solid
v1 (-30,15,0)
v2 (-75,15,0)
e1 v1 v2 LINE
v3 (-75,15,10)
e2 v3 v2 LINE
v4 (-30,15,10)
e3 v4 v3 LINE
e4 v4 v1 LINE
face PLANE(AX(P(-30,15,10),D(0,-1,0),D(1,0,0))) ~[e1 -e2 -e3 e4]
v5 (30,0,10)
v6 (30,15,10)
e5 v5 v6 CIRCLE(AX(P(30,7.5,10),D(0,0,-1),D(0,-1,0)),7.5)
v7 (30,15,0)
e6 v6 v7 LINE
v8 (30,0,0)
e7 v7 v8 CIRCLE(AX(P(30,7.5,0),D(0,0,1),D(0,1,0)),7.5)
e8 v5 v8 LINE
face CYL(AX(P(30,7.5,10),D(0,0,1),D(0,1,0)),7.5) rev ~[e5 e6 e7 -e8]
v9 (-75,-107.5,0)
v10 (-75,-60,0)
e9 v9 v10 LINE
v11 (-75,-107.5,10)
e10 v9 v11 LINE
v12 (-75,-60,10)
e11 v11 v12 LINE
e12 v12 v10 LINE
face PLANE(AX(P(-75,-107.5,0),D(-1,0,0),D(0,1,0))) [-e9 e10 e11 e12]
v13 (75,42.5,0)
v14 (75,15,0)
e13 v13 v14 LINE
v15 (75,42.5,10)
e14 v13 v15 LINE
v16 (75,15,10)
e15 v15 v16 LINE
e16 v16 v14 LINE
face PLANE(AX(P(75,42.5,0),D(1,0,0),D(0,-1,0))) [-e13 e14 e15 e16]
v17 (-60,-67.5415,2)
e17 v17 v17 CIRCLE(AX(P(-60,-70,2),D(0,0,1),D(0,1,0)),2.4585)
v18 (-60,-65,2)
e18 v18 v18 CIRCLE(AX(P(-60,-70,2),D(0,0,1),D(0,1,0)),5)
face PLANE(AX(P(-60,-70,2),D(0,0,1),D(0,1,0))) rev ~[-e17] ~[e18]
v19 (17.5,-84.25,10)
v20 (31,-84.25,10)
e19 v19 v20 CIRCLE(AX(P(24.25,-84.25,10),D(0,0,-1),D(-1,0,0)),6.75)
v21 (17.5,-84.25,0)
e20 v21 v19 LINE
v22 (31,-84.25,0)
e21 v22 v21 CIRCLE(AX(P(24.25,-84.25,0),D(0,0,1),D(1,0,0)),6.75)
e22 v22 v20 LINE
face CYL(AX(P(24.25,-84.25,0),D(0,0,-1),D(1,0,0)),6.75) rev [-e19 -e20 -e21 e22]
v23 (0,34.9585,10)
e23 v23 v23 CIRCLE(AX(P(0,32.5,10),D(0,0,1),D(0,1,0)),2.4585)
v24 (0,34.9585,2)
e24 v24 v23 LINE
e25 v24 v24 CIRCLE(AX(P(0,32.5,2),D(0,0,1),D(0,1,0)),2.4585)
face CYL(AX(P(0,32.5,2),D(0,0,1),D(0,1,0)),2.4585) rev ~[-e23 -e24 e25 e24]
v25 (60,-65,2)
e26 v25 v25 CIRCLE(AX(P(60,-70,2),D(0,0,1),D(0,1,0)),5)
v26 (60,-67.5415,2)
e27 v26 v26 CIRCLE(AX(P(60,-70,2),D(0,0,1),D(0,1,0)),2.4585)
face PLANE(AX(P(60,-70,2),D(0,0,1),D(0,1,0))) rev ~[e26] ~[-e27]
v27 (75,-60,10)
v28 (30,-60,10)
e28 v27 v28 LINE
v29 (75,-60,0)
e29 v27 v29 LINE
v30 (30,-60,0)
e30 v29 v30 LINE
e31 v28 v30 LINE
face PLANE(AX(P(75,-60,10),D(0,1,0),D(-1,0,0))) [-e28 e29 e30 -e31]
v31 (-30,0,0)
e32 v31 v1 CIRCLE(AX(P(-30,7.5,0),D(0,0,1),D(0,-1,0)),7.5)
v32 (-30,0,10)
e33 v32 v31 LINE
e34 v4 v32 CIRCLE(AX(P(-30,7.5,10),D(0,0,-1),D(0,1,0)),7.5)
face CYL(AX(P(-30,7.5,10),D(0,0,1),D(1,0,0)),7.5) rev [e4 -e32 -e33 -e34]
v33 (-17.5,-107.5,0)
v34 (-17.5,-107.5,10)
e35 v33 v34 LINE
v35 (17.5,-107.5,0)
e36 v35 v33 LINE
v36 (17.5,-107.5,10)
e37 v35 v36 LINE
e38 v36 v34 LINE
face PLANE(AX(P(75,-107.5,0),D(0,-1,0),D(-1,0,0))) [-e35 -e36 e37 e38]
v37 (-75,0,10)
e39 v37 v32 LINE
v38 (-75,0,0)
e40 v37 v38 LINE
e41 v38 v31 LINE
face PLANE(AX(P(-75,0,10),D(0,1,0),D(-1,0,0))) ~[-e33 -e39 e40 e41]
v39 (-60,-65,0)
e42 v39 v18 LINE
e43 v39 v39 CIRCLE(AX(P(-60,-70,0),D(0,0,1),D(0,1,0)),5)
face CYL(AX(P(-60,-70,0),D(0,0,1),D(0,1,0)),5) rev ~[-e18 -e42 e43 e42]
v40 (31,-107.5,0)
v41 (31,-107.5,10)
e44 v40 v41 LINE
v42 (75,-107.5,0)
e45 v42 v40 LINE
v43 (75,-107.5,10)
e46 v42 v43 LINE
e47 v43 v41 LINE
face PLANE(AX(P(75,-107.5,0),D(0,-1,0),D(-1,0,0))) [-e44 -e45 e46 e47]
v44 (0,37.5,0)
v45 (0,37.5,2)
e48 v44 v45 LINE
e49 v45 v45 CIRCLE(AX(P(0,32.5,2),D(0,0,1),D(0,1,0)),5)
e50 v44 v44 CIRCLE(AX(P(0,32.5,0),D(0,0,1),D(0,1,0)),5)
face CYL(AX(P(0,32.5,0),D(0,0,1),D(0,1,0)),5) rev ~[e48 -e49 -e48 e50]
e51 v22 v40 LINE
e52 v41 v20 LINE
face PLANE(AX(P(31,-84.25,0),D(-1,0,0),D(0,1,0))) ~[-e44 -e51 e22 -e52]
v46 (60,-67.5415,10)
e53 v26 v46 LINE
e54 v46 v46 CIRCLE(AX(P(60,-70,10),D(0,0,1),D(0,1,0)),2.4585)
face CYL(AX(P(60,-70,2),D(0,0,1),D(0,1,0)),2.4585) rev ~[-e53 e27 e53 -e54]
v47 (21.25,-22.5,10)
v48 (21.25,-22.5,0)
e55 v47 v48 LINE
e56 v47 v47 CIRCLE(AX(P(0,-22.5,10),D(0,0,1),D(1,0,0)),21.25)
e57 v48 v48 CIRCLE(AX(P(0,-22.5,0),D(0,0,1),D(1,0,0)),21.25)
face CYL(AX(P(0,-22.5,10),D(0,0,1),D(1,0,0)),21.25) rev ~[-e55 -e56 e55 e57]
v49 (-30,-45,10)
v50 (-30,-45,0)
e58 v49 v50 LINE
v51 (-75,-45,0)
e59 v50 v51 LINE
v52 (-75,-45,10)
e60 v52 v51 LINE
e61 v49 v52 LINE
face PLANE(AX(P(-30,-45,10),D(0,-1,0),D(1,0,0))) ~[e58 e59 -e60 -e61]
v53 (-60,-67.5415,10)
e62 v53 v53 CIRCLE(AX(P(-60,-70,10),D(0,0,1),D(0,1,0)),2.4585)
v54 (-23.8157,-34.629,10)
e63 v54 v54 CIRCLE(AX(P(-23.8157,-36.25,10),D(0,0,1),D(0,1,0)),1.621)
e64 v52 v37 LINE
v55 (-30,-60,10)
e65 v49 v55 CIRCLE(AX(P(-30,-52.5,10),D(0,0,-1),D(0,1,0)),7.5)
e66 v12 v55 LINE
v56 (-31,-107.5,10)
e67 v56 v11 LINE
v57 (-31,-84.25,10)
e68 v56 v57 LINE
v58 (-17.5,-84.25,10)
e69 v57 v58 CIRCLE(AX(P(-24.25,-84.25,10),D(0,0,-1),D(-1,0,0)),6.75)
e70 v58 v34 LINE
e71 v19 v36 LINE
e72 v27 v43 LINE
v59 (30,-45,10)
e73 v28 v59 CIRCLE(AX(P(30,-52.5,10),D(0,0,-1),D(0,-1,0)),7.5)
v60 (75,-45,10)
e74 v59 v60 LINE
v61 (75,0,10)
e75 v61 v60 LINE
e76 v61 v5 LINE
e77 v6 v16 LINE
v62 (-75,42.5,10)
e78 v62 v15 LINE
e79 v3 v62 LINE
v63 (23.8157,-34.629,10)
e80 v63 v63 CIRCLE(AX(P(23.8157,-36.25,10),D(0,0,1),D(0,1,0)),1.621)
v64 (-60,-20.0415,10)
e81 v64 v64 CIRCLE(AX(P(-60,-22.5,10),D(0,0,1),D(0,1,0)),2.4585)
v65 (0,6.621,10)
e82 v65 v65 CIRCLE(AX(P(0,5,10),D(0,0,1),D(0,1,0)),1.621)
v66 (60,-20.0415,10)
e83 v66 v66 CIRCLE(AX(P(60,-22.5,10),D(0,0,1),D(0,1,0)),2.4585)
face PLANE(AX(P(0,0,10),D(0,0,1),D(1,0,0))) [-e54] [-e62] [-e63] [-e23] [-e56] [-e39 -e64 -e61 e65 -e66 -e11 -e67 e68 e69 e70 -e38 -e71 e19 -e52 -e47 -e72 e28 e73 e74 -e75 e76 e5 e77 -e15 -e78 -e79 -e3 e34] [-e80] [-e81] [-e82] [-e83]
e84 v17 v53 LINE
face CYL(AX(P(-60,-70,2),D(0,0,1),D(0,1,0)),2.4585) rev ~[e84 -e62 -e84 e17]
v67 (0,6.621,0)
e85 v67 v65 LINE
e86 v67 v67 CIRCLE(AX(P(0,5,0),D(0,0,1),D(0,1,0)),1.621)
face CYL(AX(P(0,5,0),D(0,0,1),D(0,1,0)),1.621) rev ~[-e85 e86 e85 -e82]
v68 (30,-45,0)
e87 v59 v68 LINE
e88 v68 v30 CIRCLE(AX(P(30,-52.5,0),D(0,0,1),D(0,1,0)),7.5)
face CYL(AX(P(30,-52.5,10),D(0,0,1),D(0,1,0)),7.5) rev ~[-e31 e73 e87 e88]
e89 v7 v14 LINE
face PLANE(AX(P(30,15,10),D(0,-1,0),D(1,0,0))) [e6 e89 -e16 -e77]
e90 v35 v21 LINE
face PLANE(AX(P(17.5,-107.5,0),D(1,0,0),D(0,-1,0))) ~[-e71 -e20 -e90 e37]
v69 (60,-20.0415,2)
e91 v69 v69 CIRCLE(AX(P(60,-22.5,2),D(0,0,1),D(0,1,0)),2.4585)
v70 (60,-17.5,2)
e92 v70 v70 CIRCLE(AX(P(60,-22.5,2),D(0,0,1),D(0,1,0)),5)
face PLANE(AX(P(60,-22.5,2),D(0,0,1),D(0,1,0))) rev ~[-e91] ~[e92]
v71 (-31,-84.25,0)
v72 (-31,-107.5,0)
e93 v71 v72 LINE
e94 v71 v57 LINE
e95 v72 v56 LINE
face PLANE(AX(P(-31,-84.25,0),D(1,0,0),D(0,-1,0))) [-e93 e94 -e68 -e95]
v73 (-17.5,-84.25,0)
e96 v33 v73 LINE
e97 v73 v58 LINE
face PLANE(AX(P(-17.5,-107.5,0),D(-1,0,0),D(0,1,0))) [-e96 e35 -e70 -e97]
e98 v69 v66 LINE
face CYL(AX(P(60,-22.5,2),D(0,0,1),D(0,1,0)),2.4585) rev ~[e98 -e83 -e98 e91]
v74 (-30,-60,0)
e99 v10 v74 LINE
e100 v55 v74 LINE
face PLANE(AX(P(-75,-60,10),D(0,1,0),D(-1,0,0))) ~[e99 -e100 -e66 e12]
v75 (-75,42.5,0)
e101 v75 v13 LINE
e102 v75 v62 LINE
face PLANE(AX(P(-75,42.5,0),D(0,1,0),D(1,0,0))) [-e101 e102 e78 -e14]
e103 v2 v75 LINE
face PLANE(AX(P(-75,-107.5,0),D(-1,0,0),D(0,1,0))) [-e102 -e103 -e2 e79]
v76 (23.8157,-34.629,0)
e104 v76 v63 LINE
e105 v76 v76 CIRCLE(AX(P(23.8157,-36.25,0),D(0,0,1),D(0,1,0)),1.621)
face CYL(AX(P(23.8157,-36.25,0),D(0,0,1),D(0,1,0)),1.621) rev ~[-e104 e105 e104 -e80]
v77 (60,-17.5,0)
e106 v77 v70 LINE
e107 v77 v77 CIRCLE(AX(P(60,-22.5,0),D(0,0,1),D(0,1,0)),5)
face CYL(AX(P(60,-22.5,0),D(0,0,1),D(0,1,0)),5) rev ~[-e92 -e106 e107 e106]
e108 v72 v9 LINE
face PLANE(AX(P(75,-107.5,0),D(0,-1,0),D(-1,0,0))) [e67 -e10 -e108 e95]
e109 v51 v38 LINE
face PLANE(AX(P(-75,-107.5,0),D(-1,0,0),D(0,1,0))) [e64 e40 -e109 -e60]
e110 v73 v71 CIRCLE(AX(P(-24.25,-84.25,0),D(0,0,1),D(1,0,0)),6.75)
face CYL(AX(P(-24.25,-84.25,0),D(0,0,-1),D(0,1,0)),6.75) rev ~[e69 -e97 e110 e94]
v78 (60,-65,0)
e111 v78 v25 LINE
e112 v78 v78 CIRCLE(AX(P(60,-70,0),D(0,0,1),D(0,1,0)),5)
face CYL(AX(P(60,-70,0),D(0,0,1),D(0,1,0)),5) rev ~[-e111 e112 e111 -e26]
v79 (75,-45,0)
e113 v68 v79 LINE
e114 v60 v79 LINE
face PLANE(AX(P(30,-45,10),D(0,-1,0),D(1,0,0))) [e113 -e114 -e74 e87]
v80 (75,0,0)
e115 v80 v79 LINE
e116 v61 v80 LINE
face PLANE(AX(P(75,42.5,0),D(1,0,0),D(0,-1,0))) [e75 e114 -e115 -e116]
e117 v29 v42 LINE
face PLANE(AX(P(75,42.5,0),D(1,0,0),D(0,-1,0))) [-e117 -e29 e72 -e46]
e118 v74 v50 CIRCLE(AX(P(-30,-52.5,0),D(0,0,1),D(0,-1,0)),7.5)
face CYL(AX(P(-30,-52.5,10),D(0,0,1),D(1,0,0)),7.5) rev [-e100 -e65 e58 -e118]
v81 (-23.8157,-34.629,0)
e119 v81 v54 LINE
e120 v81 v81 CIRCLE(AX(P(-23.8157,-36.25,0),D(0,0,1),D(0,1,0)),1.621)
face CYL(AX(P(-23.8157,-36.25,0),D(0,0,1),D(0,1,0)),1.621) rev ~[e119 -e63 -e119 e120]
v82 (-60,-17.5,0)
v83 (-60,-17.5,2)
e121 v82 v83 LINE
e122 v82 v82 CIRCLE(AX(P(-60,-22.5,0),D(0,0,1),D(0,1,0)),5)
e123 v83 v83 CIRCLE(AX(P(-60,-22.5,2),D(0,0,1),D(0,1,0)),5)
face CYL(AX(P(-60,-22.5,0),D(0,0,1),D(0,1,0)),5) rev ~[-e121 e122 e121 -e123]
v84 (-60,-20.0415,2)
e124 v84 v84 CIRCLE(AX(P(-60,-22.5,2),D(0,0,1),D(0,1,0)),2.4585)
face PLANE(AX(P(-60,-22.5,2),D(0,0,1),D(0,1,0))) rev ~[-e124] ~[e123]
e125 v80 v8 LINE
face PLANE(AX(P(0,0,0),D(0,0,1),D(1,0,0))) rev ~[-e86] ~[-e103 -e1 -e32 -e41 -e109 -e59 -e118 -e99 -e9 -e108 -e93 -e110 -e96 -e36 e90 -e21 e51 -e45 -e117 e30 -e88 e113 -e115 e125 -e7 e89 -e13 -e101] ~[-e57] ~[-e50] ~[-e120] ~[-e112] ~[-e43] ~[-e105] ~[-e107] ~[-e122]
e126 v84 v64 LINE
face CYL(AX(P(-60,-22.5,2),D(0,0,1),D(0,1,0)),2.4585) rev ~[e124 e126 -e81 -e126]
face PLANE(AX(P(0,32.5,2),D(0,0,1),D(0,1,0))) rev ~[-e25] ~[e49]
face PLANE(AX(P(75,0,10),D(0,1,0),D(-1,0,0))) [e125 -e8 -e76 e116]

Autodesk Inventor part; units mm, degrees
ref_plane "YZ Plane" through (0, 0, 0) normal (1, 0, 0) x (0, 1, 0)
ref_plane "XZ Plane" through (0, 0, 0) normal (0, 1, 0) x (-1, 0, 0)
ref_plane "XY Plane" through (0, 0, 0) normal (0, 0, 1) x (1, 0, 0)
sketch "Sketch1" plane through (0, 0, 0) normal (0, 0, 1) x (1, 0, 0)
  line L0 (-75, 42.5) -> (75, 42.5)
  line L1 (75, 42.5) -> (75, -107.5)
  line L2 (75, -107.5) -> (-75, -107.5)
  line L3 (-75, -107.5) -> (-75, 42.5)
  point P0 (0, 0)
  dimension "d0" = 150
  dimension "d1" = 75
  dimension "d2" = 150
  dimension "d85" = 42.5
extrude "baseExtrusion" add sketch "Sketch1" along normal blind 10
sketch "Sketch3" plane through (0, 0, 10) normal (0, 0, 1) x (1, 0, 0)
  circle A0 centre (0, -22.5) radius 21.25
  line L0 (-75, -107.5) -> (75, -107.5) projected
  line L1 (-75, 42.5) -> (-75, -107.5) projected
  line L2 (75, 42.5) -> (-75, 42.5) projected
  dimension "d16" = 42.5
  dimension "d68" = 75
  dimension "d84" = 65
extrude "objectiveExtrusion" cut sketch "Sketch3" against normal through all
sketch "Sketch5" plane through (0, 0, 10) normal (0, 0, 1) x (1, 0, 0)
  line L0 (30, 15) -> (75, 15)
  line L1 (75, 15) -> (75, 0)
  line L2 (75, 0) -> (30, 0)
  line L3 (22.5, 7.5) -> (22.5, 7.5)
  line L4 (75, -107.5) -> (75, 42.5) projected
  arc A0 (30, 15) -> (22.5, 7.5) centre (30, 7.5) ccw
  arc A1 (22.5, 7.5) -> (30, 0) centre (30, 7.5) ccw
  circle A2 centre (0, -22.5) radius 21.25 projected
  point P0 (0, 0)
  point P1 (22.5, 15)
  dimension "d34" = 15
  dimension "d35" = 7.5
  dimension "d54" = 30
  dimension "d67" = 30
extrude "cageRodBase1" cut sketch "Sketch5" against normal through all contours L0 L1 L2 A1 A0
mirror "cageRodBase2" about plane through (0, 0, 0) normal (1, 0, 0) of "cageRodBase1"
pattern_linear "cageRodBase34" count 2 spacing 60 along (0, -1, 0) of "cageRodBase1", "cageRodBase2"
sketch "Sketch8" plane through (0, 0, 0) normal (0, 0, -1) x (-1, 0, 0)
  line L0 (75, 0) -> (75, -45) projected
  line L1 (75, 15) -> (75, 42.5) projected
  circle A0 centre (0, -22.5) radius 21.25 projected
  point P0 (0, 0)
  point P1 (0, 5)
  point P2 (-23.8157, -36.25)
  point P3 (23.8157, -36.25)
  dimension "d71" = 75
  dimension "d72" = 27.5
  dimension "d75" = 360
hole "objectiveHolderMountingHoles" at (-23.8157, -36.25, 0) at (23.8157, -36.25, 0) at (0, 5, 0) direction (0, 0, 1) diameter 3.242 end through all thread size "M4x0.7" class "6H" standard "ISO Metric profile"
sketch "Sketch9" plane through (0, 0, 0) normal (0, 0, -1) x (-1, 0, 0)
  line L0 (75, -60) -> (30, -60) projected
  line L1 (30, -45) -> (75, -45) projected
  arc A0 (30, -45) -> (30, -60) centre (30, -52.5) ccw projected
  point P0 (0, 0)
  point P1 (60, -70)
  point P2 (-60, -70)
  point P3 (60, -22.5)
  point P4 (-60, -22.5)
  point P5 (0, 32.5)
  dimension "d87" = 120
  dimension "d88" = 60
  dimension "d97" = 30
  dimension "d98" = 55
  dimension "d99" = 47.5
hole "m6MountingHoles" at (-60, -70, 0) at (60, -70, 0) at (-60, -22.5, 0) at (60, -22.5, 0) at (0, 32.5, 0) direction (0, 0, 1) diameter 4.917 end through all counterbore diameter 10 counterbore depth 2 thread size "M6x1" class "6H" standard "ISO Metric profile"
sketch "Sketch11" plane through (0, 0, 0) normal (0, 0, -1) x (-1, 0, 0)
  line L0 (31, -107.5) -> (17.5, -107.5)
  line L1 (17.5, -107.5) -> (17.5, -84.25)
  line L2 (24.25, -77.5) -> (24.25, -77.5)
  line L3 (31, -84.25) -> (31, -107.5)
  line L4 (-75, -107.5) -> (75, -107.5) projected
  arc A0 (31, -84.25) -> (24.25, -77.5) centre (24.25, -84.25) ccw
  arc A1 (24.25, -77.5) -> (17.5, -84.25) centre (24.25, -84.25) ccw
  point P0 (0, 0)
  point P1 (17.5, -77.5)
  dimension "d110" = 13.5
  dimension "d111" = 30
  dimension "d112" = 6.75
  dimension "d113" = 6.75
  dimension "d114" = 24.25
extrude "filterWheelPost1" cut sketch "Sketch11" against normal through all
mirror "filterWheelPost2" about plane through (0, 0, 0) normal (1, 0, 0) of "filterWheelPost1"
equation "\"d1\" = 0.5 * d0"
equation "\"d68\" = 0.5 * d0"
equation "\"d71\" = d68"
equation "\"d88\" = 0.5 * d87"
properties part number "rectangularObjectiveHolder"
